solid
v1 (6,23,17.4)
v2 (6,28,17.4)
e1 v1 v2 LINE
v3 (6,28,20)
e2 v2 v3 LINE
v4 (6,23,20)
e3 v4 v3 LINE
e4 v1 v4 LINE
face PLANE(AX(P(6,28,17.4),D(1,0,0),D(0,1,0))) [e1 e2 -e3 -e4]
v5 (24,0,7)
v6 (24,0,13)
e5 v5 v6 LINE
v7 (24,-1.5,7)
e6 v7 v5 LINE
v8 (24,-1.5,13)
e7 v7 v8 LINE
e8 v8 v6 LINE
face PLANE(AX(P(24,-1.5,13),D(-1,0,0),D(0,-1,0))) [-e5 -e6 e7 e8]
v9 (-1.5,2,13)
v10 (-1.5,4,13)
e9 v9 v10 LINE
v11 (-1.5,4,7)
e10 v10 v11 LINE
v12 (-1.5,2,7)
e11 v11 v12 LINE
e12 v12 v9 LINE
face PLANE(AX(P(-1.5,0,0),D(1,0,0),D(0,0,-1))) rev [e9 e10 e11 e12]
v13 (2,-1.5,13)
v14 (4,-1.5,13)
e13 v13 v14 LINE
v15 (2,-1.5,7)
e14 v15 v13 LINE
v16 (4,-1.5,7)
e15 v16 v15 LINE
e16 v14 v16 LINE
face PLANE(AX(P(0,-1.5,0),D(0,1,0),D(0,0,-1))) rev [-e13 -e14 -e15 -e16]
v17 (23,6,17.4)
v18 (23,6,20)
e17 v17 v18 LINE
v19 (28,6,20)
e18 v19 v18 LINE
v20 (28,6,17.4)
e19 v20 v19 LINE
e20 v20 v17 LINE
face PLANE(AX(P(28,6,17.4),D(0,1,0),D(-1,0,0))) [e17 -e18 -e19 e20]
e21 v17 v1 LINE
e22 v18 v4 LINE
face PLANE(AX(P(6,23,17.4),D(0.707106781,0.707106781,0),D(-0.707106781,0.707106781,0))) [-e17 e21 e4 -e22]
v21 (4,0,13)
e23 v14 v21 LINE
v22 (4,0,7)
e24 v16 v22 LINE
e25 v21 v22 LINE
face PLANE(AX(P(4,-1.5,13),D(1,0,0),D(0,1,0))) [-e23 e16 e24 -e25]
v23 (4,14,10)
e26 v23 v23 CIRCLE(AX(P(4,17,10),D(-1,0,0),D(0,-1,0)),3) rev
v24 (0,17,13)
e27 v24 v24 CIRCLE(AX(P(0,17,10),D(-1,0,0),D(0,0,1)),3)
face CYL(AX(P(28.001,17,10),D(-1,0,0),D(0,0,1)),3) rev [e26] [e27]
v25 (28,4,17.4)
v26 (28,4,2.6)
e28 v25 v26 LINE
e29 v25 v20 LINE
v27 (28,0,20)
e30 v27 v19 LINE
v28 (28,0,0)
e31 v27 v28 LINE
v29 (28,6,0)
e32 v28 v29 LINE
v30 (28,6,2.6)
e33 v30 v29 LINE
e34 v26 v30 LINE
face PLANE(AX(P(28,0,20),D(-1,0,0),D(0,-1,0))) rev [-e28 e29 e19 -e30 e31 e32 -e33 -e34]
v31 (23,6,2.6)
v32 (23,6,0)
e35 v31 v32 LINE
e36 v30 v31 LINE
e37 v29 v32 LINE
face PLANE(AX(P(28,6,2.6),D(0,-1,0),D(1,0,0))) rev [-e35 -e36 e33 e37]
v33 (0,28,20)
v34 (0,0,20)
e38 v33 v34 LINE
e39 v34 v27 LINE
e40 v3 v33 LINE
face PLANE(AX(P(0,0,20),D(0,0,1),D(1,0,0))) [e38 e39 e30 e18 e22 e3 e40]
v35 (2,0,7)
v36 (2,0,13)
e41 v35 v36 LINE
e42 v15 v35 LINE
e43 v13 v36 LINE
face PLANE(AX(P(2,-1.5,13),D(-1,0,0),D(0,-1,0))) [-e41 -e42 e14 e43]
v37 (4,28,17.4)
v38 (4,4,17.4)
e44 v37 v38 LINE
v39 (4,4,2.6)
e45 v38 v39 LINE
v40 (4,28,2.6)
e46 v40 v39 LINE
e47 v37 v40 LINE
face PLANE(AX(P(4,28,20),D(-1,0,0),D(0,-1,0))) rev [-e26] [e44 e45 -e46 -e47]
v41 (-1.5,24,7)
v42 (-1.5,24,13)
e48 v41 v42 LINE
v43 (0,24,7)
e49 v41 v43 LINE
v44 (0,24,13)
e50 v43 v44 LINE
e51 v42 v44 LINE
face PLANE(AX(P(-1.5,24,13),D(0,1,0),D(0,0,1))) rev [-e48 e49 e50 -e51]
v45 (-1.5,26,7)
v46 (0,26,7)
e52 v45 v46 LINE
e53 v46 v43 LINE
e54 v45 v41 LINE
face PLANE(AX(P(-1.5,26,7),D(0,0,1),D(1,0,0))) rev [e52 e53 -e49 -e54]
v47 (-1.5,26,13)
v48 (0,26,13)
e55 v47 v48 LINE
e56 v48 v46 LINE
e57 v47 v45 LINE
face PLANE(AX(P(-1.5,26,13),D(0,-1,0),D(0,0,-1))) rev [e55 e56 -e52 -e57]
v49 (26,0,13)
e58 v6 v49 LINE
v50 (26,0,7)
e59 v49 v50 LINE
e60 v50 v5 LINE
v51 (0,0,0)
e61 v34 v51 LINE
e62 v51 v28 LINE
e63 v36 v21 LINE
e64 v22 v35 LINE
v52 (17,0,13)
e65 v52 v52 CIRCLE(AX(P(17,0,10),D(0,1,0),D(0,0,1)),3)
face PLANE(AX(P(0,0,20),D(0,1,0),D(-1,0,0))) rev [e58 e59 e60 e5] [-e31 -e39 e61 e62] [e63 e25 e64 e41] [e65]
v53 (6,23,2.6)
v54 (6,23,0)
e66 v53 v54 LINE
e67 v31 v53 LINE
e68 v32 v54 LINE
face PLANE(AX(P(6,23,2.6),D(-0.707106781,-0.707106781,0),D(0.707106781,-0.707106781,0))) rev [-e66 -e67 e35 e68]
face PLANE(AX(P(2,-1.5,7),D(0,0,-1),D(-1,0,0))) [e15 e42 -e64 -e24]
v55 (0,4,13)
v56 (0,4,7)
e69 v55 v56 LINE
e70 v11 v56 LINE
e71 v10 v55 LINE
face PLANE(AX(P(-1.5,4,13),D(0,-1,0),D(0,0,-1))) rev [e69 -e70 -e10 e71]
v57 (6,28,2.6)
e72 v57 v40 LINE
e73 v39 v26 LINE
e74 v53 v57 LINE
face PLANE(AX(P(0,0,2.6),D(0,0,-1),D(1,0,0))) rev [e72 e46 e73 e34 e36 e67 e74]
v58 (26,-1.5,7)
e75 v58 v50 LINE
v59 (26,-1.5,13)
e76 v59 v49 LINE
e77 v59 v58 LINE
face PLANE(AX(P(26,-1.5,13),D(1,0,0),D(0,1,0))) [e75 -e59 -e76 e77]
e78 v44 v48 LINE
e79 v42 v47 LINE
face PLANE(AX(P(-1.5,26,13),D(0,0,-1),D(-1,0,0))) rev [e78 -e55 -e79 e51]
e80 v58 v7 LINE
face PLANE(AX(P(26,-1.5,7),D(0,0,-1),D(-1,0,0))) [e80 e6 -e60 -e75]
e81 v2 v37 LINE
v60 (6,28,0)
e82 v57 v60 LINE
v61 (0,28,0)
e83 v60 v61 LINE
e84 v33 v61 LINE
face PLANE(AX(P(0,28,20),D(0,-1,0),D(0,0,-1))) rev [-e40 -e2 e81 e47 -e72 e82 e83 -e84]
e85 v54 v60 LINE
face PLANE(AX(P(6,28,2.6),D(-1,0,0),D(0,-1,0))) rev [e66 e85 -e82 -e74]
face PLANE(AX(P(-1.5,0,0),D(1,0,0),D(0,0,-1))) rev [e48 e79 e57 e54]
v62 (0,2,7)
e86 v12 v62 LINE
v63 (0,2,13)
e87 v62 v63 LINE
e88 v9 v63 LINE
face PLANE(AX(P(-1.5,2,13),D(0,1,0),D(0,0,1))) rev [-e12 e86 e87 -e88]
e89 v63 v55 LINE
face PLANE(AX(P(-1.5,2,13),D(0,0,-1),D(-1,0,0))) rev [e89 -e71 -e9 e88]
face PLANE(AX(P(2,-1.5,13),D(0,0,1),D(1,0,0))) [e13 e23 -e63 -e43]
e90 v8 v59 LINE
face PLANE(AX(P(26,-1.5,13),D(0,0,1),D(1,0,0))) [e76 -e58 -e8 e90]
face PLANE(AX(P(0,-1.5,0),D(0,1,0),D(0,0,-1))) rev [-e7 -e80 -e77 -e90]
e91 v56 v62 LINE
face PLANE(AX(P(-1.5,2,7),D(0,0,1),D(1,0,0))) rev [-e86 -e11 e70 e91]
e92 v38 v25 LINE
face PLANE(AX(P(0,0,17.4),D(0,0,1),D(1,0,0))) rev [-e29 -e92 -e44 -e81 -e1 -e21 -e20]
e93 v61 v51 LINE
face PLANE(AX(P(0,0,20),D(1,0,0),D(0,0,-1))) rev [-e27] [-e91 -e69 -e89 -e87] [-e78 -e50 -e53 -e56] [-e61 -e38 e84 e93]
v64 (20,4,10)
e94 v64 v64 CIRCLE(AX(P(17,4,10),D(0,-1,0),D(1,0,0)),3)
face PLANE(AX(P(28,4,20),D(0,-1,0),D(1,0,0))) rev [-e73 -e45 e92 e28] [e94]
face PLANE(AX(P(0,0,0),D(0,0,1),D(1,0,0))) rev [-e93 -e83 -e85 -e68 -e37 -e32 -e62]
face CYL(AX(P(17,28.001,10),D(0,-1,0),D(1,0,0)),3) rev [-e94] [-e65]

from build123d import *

# Parameters (mm, degrees)
EXTRUDE_1_DEPTH     = 20
EXTRUDE_2_DEPTH     = 2.6
SKETCH_3_W          = 6
SKETCH_3_H          = 2
EXTRUDE_3_DEPTH     = 1.5
SKETCH_4_R          = 3
CUT_EXTRUDE_1_DEPTH = 4


with BuildPart() as part:
    # 草图1 → 凸台-拉伸1 (new body)
    with BuildSketch(Plane.XY):
        Polygon((0, 0), (0, 28), (4, 28), (4, 4), (28, 4), (28, 0), align=None)
    extrude(amount=EXTRUDE_1_DEPTH)

    # 草图2 → 凸台-拉伸2 (add)
    with BuildSketch(Plane.XY.offset(20)):
        Polygon((4, 28), (6, 28), (6, 23), (23, 6), (28, 6), (28, 4), (4, 4), align=None)
    extrude_2 = extrude(amount=-EXTRUDE_2_DEPTH)

    # 镜向1: 凸台-拉伸2 across plane
    add(extrude_2.mirror(Plane(origin=(0, 0, 10), x_dir=(1, 0, 0), z_dir=(0, 0, -1))))

    # 草图3 → 凸台-拉伸3 (add)
    with BuildSketch(Plane.ZY):
        with Locations((10, 25)):
            Rectangle(SKETCH_3_W, SKETCH_3_H)
        with Locations((10, 3)):
            Rectangle(SKETCH_3_W, SKETCH_3_H)
    extrude_3 = extrude(amount=EXTRUDE_3_DEPTH)

    # 镜向2: 凸台-拉伸3 across plane
    add(extrude_3.mirror(Plane(origin=(0, 0, 0), x_dir=(0, 0, 1), z_dir=(-0.707106781, 0.707106781, 0))))

    # 草图4 → 切除-拉伸1 (cut)
    with BuildSketch(Plane.ZY):
        with Locations((10, 17)):
            Circle(SKETCH_4_R)
    cut_extrude_1 = extrude(amount=-CUT_EXTRUDE_1_DEPTH, mode=Mode.SUBTRACT)

    # 镜向3: 切除-拉伸1 across plane
    add(cut_extrude_1.mirror(Plane(origin=(0, 0, 0), x_dir=(0, 0, 1), z_dir=(-0.707106781, 0.707106781, 0))), mode=Mode.SUBTRACT)


solid = part.part
